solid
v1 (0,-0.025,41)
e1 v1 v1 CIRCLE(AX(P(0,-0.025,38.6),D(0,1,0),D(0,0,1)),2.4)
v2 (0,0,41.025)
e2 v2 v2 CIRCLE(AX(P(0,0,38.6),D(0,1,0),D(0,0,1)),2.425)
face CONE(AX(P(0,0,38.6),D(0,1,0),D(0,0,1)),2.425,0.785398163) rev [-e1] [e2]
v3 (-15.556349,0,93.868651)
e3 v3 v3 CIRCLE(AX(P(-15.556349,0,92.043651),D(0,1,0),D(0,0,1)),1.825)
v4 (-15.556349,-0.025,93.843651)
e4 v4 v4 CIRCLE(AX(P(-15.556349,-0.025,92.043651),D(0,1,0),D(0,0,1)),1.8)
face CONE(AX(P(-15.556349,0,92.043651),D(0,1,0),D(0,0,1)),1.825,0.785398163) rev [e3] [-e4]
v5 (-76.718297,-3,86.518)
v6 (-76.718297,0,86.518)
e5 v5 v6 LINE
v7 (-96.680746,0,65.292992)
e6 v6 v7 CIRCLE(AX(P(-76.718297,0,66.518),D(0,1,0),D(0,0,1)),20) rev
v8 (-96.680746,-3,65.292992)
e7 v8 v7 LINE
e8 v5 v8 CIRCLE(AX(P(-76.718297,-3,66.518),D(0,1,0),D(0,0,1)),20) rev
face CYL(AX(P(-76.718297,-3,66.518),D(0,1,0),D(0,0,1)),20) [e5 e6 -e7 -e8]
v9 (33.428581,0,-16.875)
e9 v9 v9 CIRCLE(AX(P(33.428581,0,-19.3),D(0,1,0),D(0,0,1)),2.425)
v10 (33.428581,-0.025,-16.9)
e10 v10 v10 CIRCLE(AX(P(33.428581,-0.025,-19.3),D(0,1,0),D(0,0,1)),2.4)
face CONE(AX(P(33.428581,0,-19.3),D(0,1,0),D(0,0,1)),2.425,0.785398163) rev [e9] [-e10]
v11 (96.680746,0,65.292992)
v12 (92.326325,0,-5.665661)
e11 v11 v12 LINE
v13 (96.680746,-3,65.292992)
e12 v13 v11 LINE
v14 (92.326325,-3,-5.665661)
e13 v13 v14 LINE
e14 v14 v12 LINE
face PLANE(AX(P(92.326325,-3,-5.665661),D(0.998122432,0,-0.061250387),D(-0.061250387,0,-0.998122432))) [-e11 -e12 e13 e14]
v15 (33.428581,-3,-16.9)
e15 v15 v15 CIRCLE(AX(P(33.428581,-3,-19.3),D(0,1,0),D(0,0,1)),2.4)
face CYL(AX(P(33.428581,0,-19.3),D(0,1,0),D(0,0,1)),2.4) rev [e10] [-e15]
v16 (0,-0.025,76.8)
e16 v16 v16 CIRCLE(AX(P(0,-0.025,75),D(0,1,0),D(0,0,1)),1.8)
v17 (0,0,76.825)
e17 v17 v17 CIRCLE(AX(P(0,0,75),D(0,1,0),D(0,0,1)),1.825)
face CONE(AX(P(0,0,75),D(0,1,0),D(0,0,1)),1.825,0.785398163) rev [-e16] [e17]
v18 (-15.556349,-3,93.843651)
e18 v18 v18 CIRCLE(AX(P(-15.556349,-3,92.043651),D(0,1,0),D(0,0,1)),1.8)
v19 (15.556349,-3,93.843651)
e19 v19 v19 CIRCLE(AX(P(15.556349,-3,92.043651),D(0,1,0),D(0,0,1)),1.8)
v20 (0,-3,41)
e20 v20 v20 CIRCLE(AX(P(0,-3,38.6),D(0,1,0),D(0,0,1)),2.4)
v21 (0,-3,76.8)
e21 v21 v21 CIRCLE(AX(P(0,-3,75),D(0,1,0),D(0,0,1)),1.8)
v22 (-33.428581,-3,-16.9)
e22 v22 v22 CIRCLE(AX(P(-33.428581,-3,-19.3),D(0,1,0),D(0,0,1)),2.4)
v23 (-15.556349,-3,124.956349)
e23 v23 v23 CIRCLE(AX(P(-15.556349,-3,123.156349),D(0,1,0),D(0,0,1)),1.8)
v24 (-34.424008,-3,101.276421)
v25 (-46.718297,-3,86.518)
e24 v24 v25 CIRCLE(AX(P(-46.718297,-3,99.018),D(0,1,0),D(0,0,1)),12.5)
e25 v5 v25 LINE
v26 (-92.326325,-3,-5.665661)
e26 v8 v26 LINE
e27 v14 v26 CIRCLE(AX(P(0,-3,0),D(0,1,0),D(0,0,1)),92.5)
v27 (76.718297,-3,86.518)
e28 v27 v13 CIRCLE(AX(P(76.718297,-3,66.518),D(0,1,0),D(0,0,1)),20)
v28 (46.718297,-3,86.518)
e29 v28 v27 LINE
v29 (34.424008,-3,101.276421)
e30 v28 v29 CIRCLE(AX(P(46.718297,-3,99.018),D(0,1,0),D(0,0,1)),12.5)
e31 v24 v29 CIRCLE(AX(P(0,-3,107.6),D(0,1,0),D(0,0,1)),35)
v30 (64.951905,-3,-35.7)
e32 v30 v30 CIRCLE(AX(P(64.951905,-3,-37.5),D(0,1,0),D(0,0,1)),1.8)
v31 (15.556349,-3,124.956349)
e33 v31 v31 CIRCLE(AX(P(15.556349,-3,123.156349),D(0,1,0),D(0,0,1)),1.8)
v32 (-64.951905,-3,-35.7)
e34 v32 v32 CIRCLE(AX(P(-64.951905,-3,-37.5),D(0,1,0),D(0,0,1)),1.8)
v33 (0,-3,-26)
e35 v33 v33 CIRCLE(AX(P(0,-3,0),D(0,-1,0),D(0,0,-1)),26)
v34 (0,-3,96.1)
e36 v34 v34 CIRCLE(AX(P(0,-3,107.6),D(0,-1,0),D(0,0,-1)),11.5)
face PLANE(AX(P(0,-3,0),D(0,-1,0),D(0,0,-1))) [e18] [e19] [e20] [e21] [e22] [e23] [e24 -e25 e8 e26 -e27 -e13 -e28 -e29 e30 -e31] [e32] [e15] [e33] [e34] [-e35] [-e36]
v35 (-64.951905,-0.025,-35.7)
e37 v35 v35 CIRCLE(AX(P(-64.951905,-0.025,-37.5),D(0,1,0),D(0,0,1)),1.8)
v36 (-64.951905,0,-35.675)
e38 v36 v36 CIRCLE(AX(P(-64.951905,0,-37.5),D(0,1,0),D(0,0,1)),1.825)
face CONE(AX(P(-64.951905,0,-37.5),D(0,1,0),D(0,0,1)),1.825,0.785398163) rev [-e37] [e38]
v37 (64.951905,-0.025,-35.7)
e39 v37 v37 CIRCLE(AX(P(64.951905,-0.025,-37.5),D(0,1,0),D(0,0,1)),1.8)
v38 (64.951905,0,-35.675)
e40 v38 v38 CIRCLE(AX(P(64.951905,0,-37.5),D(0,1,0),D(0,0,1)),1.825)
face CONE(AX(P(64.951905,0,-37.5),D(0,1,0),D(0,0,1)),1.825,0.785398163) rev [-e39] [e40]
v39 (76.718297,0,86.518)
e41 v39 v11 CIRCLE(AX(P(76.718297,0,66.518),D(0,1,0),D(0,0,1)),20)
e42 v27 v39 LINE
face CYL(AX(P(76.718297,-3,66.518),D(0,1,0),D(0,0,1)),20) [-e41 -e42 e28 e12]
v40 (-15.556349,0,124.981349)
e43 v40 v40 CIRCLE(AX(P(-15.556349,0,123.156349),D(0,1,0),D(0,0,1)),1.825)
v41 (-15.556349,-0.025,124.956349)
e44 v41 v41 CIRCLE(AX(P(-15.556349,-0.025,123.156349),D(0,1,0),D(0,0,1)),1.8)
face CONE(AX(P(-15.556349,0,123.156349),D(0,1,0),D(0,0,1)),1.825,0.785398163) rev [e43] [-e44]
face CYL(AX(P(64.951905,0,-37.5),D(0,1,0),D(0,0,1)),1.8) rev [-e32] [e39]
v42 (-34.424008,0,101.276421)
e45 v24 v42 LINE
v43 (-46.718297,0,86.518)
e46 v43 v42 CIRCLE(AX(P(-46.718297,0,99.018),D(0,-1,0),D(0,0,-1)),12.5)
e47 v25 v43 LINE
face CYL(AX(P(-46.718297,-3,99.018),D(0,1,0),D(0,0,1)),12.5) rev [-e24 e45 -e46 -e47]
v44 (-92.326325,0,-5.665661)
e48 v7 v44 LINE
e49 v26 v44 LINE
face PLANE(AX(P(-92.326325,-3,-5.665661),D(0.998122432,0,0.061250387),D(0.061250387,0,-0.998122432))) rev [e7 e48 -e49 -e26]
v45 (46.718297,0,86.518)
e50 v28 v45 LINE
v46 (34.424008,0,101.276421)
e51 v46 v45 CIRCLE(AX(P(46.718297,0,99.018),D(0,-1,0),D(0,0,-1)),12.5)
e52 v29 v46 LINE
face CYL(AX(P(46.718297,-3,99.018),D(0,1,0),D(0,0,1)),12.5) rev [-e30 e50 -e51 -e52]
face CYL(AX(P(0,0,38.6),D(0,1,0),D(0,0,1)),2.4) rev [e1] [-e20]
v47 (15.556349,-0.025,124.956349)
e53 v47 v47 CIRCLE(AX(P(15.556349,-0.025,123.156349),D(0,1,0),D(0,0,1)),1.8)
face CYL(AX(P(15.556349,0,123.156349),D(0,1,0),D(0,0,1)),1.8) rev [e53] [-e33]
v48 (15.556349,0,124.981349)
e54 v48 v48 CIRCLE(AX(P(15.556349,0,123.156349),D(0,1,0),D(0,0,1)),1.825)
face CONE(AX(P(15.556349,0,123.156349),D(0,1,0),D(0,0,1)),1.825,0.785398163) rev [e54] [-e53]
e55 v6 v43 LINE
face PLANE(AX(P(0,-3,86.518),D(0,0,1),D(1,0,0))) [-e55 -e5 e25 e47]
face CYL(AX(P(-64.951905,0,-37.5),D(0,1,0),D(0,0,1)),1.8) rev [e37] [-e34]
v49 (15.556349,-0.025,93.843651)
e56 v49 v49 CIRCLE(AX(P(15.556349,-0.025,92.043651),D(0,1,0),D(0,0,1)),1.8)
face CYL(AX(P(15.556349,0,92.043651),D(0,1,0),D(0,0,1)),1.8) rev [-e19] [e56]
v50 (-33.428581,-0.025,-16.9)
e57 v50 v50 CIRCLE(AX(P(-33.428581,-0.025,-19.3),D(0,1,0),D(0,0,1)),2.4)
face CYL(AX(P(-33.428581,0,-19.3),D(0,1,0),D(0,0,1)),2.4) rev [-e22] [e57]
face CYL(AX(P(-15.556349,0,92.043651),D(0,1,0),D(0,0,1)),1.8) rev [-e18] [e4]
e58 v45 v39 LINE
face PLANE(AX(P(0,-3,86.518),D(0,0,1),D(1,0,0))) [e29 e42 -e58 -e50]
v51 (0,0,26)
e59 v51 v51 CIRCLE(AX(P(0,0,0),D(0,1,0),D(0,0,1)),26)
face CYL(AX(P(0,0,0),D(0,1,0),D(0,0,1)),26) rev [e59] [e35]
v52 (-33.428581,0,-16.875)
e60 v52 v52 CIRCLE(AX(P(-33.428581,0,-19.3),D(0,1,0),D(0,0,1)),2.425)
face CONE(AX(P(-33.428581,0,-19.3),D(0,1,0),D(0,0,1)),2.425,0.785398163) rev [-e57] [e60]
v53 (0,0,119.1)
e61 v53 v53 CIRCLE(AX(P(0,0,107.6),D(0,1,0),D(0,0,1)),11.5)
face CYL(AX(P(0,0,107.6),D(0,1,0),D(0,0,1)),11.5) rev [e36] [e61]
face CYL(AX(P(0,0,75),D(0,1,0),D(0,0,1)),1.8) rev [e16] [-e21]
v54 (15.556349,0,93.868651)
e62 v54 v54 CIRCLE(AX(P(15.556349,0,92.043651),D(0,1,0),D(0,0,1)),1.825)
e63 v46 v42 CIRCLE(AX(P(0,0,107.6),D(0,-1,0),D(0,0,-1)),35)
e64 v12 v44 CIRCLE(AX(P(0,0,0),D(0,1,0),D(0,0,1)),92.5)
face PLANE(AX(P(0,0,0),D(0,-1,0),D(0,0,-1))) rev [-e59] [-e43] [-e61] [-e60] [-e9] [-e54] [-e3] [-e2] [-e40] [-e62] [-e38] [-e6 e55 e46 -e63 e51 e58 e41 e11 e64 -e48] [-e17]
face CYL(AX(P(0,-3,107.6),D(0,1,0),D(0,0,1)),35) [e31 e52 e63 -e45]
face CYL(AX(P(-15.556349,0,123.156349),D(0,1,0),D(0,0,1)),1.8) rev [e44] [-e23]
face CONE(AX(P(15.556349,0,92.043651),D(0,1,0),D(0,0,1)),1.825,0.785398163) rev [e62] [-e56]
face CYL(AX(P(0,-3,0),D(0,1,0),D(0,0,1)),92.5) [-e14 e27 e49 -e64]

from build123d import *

# Parameters (mm, degrees)
SKETCH1_W                      = 400
SKETCH1_H                      = 400
BOSS_EXTRUDE1_DEPTH            = 3
HOLE1_D                        = 52
HOLE1_DEPTH                    = 10
HOLE2_D                        = 23
HOLE2_DEPTH                    = 100
M4_CLEARANCE_HOLE1_D           = 4.8
M4_CLEARANCE_HOLE1_CSINK_D     = 4.85
M4_CLEARANCE_HOLE1_CSINK_ANGLE = 90
M3_CLEARANCE_HOLE1_D           = 3.6
M3_CLEARANCE_HOLE1_CSINK_D     = 3.65
M3_CLEARANCE_HOLE1_CSINK_ANGLE = 90
SKETCH11_W                     = 667.246369456
SKETCH11_H                     = 555.388303621
CUT_EXTRUDE1_DEPTH             = 1
CUT_EXTRUDE1_DEPTH_BACK        = 4
M3_CLEARANCE_HOLE2_D           = 3.6
M3_CLEARANCE_HOLE2_CSINK_D     = 3.65
M3_CLEARANCE_HOLE2_CSINK_ANGLE = 90


with BuildPart() as part:
    # Sketch1 → Boss-Extrude1 (new body)
    with BuildSketch(Plane(origin=(0, 0, 0), x_dir=(1, 0, 0), z_dir=(0, 1, 0))):
        with Locations((0, -52.110233191)):
            Rectangle(SKETCH1_W, SKETCH1_H)
    extrude(amount=-BOSS_EXTRUDE1_DEPTH)

    # Hole1
    with Locations(Plane(origin=(0, 0, 0), x_dir=(1, 0, 0), z_dir=(0, 1, 0))):
        with Locations((0, 0)):
            Hole(HOLE1_D / 2, depth=HOLE1_DEPTH)

    # Hole2
    with Locations(Plane(origin=(0, 0, 0), x_dir=(1, 0, 0), z_dir=(0, 1, 0))):
        with Locations((0, -107.6)):
            Hole(HOLE2_D / 2, depth=HOLE2_DEPTH)

    # M4 Clearance Hole1 (through all)
    with Locations(Plane(origin=(0, 0, 0), x_dir=(1, 0, 0), z_dir=(0, 1, 0))):
        with Locations((0, -38.6), (33.428580586, 19.3), (-33.428580586, 19.3)):
            CounterSinkHole(M4_CLEARANCE_HOLE1_D / 2, M4_CLEARANCE_HOLE1_CSINK_D / 2, counter_sink_angle=M4_CLEARANCE_HOLE1_CSINK_ANGLE)

    # M3 Clearance Hole1 (through all)
    with Locations(Plane(origin=(0, 0, 0), x_dir=(1, 0, 0), z_dir=(0, 1, 0))):
        with Locations((15.556349186, -92.043650814), (-15.556349186, -92.043650814), (-15.556349186, -123.156349186), (15.556349186, -123.156349186)):
            CounterSinkHole(M3_CLEARANCE_HOLE1_D / 2, M3_CLEARANCE_HOLE1_CSINK_D / 2, counter_sink_angle=M3_CLEARANCE_HOLE1_CSINK_ANGLE)

    # Sketch11 → Cut-Extrude1 (cut, two sides)
    with BuildSketch(Plane(origin=(0, 0, 0), x_dir=(1, 0, 0), z_dir=(0, 1, 0))) as cut_extrude1_sk:
        with Locations((-28.870236031, -19.694924611)):
            Rectangle(SKETCH11_W, SKETCH11_H)
        with BuildLine():
            Line((-46.718297015, -86.518), (-76.718297015, -86.518))
            ThreePointArc((-76.718297015, -86.518), (-91.287101954, -80.220186783), (-96.680745664, -65.292992264))
            Line((-96.680745664, -65.292992264), (-92.326325, 5.665660778))
            ThreePointArc((-92.326325, 5.665660778), (0, 92.5), (92.326325, 5.665660778))
            Line((92.326325, 5.665660778), (96.680745664, -65.292992264))
            ThreePointArc((96.680745664, -65.292992264), (96.708906973, -65.905208425), (96.718297015, -66.518))
            ThreePointArc((96.718297015, -66.518), (90.860432639, -80.660135624), (76.718297015, -86.518))
            Line((76.718297015, -86.518), (46.718297015, -86.518))
            ThreePointArc((46.718297015, -86.518), (37.114124402, -91.017383247), (34.424008327, -101.276421053))
            ThreePointArc((34.424008327, -101.276421053), (34.855704637, -104.425121376), (35, -107.6))
            ThreePointArc((35, -107.6), (-3.174878624, -142.455704637), (-34.424008327, -101.276421053))
            ThreePointArc((-34.424008327, -101.276421053), (-37.114124402, -91.017383247), (-46.718297015, -86.518))
        make_face(mode=Mode.SUBTRACT)
    extrude(amount=CUT_EXTRUDE1_DEPTH, mode=Mode.SUBTRACT)
    extrude(cut_extrude1_sk.sketch, amount=-CUT_EXTRUDE1_DEPTH_BACK, mode=Mode.SUBTRACT)

    # M3 Clearance Hole2 (through all)
    with Locations(Plane(origin=(0, 0, 0), x_dir=(1, 0, 0), z_dir=(0, 1, 0))):
        with Locations((-64.951905284, 37.5), (0, -75), (64.951905284, 37.5)):
            CounterSinkHole(M3_CLEARANCE_HOLE2_D / 2, M3_CLEARANCE_HOLE2_CSINK_D / 2, counter_sink_angle=M3_CLEARANCE_HOLE2_CSINK_ANGLE)


solid = part.part
